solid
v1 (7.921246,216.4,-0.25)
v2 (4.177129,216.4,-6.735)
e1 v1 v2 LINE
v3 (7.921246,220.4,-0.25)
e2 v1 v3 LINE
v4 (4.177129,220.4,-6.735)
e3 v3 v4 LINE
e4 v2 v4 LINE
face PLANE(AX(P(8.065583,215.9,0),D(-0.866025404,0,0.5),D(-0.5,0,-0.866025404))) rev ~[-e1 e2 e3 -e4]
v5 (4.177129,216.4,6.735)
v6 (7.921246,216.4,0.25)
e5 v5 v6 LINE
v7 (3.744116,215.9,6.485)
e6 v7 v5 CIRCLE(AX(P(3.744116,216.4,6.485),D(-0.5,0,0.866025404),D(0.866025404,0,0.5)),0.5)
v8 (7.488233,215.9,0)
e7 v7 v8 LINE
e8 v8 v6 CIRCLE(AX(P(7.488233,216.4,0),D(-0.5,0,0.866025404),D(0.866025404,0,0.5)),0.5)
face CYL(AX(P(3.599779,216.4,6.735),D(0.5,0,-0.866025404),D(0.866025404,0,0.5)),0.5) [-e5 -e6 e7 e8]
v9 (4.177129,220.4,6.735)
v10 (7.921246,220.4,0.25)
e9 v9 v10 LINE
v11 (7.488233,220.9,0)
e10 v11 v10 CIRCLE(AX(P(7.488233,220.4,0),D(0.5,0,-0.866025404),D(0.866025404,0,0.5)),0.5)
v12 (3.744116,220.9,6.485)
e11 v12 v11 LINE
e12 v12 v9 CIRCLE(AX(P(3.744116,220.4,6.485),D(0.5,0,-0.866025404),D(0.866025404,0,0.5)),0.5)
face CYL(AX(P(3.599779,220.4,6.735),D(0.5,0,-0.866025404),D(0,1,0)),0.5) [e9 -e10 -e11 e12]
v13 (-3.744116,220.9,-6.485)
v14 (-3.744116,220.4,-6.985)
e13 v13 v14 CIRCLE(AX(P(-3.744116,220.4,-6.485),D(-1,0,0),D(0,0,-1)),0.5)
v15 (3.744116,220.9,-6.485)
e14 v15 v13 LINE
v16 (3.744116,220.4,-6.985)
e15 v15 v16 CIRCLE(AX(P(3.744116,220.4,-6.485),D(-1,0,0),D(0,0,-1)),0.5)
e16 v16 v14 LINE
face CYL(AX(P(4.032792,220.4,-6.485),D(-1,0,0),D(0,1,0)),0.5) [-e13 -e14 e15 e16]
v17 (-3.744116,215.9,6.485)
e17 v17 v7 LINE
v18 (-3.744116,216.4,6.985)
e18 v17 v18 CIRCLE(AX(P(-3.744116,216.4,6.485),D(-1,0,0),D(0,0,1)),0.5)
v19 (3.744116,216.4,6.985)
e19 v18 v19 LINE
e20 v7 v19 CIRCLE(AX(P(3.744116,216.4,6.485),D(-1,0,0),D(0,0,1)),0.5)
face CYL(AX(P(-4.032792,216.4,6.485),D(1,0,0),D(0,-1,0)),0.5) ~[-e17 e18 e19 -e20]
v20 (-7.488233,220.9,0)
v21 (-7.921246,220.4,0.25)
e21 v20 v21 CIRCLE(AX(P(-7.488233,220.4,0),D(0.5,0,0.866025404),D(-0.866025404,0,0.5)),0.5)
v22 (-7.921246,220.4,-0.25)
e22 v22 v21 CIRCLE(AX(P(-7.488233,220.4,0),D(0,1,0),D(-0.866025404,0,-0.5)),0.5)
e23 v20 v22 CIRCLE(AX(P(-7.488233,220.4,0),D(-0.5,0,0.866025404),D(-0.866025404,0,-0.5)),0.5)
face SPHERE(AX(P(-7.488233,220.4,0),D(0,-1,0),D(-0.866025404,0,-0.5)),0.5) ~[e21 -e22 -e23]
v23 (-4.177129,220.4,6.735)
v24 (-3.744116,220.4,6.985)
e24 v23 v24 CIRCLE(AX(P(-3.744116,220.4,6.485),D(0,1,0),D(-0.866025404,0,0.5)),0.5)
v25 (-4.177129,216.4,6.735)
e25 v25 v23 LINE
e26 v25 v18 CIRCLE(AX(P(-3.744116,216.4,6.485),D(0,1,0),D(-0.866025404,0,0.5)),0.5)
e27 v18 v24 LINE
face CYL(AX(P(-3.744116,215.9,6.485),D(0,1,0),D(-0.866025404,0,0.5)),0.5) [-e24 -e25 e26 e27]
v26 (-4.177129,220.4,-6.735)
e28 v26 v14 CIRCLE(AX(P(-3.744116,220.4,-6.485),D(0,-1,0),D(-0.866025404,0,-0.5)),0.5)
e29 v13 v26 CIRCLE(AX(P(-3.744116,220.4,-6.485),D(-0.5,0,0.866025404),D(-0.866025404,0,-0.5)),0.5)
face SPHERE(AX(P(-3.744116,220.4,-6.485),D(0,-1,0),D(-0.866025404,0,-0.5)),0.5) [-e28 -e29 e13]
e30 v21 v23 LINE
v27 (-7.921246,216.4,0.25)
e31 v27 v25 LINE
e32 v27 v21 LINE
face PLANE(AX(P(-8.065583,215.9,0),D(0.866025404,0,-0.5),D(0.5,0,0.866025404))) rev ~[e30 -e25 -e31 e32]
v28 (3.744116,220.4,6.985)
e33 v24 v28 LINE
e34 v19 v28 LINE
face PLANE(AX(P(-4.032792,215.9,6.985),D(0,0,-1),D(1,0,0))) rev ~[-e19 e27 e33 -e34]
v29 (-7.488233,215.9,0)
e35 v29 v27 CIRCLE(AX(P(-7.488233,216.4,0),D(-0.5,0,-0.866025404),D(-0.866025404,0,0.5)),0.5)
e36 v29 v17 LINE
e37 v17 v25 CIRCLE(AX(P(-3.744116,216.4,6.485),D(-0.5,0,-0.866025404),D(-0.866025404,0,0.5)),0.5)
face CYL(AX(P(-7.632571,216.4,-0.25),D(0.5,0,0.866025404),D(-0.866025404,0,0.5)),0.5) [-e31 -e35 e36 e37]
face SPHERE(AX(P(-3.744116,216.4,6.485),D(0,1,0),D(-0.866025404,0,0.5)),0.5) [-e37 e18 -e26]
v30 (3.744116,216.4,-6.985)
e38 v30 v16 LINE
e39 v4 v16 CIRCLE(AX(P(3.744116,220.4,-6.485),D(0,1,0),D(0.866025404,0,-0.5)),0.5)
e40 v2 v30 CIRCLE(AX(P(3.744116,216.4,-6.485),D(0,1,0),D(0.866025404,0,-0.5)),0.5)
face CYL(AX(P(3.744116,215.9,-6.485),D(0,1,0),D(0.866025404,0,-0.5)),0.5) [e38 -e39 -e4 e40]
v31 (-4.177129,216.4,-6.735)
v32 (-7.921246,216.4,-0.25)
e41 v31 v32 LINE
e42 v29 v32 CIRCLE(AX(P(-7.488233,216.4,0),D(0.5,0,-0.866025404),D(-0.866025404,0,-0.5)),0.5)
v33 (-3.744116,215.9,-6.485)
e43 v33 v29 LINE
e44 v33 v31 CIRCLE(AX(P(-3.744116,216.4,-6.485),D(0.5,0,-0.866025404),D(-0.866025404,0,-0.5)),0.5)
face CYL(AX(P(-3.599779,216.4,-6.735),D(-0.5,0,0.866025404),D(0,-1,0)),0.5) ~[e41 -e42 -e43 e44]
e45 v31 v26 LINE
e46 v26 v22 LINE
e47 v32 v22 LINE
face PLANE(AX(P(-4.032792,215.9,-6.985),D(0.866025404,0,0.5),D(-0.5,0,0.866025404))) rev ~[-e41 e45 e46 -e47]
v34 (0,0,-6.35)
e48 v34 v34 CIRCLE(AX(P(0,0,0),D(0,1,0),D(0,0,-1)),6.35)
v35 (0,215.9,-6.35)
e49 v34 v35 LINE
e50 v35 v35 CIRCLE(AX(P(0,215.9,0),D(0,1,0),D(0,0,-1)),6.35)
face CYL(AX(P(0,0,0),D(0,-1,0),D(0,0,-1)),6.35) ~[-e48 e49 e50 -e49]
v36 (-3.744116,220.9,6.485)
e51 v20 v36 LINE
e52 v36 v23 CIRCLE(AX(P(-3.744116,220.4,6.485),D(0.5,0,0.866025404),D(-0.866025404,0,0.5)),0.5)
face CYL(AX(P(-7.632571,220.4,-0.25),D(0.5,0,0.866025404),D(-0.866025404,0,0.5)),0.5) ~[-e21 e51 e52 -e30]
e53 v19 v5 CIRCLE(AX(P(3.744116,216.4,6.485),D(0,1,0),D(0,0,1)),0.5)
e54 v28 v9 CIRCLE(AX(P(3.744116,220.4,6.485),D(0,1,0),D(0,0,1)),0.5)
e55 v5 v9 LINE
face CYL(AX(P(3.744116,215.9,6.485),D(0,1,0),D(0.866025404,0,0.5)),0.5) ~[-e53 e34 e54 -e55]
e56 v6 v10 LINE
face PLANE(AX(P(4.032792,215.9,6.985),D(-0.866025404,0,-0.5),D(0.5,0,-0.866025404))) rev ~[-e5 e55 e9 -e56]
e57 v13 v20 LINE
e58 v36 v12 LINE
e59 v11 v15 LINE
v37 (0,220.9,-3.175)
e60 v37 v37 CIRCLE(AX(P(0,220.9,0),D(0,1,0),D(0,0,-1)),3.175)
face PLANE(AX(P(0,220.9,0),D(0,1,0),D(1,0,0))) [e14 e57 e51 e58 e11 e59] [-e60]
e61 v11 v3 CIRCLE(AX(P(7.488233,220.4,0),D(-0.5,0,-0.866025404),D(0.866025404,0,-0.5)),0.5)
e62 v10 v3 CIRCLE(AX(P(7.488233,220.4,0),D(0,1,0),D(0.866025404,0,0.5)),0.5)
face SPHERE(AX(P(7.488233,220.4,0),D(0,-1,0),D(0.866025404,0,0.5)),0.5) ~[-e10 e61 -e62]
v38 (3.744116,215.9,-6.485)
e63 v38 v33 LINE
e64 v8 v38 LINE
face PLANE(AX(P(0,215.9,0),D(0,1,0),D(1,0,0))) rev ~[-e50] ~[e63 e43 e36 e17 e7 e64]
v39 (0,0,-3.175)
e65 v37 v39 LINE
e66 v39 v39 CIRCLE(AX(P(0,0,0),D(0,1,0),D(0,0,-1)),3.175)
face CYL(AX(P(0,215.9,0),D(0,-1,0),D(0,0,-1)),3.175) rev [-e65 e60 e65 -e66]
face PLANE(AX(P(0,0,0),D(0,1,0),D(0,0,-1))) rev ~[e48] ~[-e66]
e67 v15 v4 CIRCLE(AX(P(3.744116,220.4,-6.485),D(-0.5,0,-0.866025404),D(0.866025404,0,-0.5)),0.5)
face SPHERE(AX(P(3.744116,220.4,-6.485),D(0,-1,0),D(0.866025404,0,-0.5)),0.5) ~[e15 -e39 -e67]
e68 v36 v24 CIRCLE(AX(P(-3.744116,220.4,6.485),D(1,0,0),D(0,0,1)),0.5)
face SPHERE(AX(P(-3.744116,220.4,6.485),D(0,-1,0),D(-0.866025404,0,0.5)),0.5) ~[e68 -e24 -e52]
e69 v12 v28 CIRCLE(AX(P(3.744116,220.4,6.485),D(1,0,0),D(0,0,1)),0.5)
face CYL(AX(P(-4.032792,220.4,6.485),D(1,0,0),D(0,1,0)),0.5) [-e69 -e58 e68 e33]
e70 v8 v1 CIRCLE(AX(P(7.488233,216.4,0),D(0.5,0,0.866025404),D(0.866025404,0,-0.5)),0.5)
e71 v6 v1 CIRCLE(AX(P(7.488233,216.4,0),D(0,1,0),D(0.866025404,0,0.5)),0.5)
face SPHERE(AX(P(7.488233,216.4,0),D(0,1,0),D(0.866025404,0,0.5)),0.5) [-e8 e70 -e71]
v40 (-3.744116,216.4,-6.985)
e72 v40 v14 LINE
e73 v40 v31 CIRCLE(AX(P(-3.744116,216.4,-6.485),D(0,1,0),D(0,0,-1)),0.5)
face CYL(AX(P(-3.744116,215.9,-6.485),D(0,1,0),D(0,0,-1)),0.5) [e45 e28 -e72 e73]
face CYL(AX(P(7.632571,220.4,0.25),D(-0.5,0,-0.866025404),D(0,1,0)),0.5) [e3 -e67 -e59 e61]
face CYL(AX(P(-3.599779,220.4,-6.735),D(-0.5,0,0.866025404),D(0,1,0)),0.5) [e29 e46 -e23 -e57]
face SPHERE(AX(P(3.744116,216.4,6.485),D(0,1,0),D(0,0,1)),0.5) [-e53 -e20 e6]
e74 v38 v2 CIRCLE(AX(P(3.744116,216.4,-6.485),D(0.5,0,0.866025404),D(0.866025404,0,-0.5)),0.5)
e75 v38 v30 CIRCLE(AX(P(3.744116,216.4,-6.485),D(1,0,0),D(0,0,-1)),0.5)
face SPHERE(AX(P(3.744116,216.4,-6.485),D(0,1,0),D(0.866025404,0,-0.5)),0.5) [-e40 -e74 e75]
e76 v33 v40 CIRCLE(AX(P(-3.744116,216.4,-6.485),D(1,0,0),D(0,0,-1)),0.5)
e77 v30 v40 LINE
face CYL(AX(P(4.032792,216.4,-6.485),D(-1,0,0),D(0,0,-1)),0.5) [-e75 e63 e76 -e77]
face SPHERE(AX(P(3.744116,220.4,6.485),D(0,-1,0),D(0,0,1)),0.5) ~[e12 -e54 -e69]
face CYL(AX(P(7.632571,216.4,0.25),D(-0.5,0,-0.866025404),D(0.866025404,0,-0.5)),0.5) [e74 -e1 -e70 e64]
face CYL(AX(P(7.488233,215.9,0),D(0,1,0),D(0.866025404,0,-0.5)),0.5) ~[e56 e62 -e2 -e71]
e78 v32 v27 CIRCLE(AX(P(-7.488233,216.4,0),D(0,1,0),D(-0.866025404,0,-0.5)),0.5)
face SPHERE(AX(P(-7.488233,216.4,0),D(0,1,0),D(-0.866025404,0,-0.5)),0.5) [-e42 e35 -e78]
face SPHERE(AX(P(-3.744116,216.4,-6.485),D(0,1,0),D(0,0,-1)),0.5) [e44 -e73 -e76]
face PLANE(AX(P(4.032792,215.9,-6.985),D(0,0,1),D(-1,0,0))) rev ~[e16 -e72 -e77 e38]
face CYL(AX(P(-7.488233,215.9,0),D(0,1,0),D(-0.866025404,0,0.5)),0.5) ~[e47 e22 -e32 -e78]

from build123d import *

# Parameters (mm, degrees)
SKETCH1_R           = 6.35
SKETCH1_R_2         = 3.175
BOSS_EXTRUDE1_DEPTH = 215.9
SKETCH2_R           = 3.175
BOSS_EXTRUDE2_DEPTH = 5
FILLET1_R           = 0.5


with BuildPart() as part:
    # Sketch1 → Boss-Extrude1 (new body)
    with BuildSketch(Plane(origin=(0, 0, 0), x_dir=(1, 0, 0), z_dir=(0, 1, 0))):
        with Locations(Location((0, 0, 0), (0, 0, 90))):
            Circle(SKETCH1_R)
        with Locations(Location((0, 0, 0), (0, 0, 90))):
            Circle(SKETCH1_R_2, mode=Mode.SUBTRACT)
    extrude(amount=BOSS_EXTRUDE1_DEPTH)

    # Sketch2 → Boss-Extrude2 (add)
    with BuildSketch(Plane(origin=(0, 215.9, 0), x_dir=(1, 0, 0), z_dir=(0, 1, 0))):
        Polygon((-8.065583261, 0), (-4.03279163, -6.985), (4.03279163, -6.985), (8.065583261, 0), (4.03279163, 6.985), (-4.03279163, 6.985), align=None)
        with Locations(Location((0, 0, 0), (0, 0, 90))):
            Circle(SKETCH2_R, mode=Mode.SUBTRACT)
    extrude(amount=BOSS_EXTRUDE2_DEPTH)

    # Fillet1
    fillet1_edges = [part.edges().sort_by_distance(p)[0] for p in [
        (-6.049187445, 220.9, -3.4925),
        (-6.049187445, 220.9, 3.4925),
        (0, 220.9, 6.985),
        (6.049187445, 220.9, 3.4925),
        (6.049187445, 220.9, -3.4925),
        (0, 220.9, -6.985),
        (-6.049187445, 215.9, -3.4925),
        (-4.03279163, 218.4, -6.985),
        (-6.049187445, 215.9, 3.4925),
        (-8.065583261, 218.4, 0),
        (0, 215.9, 6.985),
        (-4.03279163, 218.4, 6.985),
        (6.049187445, 215.9, 3.4925),
        (4.03279163, 218.4, 6.985),
        (6.049187445, 215.9, -3.4925),
        (8.065583261, 218.4, 0),
        (0, 215.9, -6.985),
        (4.03279163, 218.4, -6.985),
    ]]
    fillet(fillet1_edges, radius=FILLET1_R)


solid = part.part
